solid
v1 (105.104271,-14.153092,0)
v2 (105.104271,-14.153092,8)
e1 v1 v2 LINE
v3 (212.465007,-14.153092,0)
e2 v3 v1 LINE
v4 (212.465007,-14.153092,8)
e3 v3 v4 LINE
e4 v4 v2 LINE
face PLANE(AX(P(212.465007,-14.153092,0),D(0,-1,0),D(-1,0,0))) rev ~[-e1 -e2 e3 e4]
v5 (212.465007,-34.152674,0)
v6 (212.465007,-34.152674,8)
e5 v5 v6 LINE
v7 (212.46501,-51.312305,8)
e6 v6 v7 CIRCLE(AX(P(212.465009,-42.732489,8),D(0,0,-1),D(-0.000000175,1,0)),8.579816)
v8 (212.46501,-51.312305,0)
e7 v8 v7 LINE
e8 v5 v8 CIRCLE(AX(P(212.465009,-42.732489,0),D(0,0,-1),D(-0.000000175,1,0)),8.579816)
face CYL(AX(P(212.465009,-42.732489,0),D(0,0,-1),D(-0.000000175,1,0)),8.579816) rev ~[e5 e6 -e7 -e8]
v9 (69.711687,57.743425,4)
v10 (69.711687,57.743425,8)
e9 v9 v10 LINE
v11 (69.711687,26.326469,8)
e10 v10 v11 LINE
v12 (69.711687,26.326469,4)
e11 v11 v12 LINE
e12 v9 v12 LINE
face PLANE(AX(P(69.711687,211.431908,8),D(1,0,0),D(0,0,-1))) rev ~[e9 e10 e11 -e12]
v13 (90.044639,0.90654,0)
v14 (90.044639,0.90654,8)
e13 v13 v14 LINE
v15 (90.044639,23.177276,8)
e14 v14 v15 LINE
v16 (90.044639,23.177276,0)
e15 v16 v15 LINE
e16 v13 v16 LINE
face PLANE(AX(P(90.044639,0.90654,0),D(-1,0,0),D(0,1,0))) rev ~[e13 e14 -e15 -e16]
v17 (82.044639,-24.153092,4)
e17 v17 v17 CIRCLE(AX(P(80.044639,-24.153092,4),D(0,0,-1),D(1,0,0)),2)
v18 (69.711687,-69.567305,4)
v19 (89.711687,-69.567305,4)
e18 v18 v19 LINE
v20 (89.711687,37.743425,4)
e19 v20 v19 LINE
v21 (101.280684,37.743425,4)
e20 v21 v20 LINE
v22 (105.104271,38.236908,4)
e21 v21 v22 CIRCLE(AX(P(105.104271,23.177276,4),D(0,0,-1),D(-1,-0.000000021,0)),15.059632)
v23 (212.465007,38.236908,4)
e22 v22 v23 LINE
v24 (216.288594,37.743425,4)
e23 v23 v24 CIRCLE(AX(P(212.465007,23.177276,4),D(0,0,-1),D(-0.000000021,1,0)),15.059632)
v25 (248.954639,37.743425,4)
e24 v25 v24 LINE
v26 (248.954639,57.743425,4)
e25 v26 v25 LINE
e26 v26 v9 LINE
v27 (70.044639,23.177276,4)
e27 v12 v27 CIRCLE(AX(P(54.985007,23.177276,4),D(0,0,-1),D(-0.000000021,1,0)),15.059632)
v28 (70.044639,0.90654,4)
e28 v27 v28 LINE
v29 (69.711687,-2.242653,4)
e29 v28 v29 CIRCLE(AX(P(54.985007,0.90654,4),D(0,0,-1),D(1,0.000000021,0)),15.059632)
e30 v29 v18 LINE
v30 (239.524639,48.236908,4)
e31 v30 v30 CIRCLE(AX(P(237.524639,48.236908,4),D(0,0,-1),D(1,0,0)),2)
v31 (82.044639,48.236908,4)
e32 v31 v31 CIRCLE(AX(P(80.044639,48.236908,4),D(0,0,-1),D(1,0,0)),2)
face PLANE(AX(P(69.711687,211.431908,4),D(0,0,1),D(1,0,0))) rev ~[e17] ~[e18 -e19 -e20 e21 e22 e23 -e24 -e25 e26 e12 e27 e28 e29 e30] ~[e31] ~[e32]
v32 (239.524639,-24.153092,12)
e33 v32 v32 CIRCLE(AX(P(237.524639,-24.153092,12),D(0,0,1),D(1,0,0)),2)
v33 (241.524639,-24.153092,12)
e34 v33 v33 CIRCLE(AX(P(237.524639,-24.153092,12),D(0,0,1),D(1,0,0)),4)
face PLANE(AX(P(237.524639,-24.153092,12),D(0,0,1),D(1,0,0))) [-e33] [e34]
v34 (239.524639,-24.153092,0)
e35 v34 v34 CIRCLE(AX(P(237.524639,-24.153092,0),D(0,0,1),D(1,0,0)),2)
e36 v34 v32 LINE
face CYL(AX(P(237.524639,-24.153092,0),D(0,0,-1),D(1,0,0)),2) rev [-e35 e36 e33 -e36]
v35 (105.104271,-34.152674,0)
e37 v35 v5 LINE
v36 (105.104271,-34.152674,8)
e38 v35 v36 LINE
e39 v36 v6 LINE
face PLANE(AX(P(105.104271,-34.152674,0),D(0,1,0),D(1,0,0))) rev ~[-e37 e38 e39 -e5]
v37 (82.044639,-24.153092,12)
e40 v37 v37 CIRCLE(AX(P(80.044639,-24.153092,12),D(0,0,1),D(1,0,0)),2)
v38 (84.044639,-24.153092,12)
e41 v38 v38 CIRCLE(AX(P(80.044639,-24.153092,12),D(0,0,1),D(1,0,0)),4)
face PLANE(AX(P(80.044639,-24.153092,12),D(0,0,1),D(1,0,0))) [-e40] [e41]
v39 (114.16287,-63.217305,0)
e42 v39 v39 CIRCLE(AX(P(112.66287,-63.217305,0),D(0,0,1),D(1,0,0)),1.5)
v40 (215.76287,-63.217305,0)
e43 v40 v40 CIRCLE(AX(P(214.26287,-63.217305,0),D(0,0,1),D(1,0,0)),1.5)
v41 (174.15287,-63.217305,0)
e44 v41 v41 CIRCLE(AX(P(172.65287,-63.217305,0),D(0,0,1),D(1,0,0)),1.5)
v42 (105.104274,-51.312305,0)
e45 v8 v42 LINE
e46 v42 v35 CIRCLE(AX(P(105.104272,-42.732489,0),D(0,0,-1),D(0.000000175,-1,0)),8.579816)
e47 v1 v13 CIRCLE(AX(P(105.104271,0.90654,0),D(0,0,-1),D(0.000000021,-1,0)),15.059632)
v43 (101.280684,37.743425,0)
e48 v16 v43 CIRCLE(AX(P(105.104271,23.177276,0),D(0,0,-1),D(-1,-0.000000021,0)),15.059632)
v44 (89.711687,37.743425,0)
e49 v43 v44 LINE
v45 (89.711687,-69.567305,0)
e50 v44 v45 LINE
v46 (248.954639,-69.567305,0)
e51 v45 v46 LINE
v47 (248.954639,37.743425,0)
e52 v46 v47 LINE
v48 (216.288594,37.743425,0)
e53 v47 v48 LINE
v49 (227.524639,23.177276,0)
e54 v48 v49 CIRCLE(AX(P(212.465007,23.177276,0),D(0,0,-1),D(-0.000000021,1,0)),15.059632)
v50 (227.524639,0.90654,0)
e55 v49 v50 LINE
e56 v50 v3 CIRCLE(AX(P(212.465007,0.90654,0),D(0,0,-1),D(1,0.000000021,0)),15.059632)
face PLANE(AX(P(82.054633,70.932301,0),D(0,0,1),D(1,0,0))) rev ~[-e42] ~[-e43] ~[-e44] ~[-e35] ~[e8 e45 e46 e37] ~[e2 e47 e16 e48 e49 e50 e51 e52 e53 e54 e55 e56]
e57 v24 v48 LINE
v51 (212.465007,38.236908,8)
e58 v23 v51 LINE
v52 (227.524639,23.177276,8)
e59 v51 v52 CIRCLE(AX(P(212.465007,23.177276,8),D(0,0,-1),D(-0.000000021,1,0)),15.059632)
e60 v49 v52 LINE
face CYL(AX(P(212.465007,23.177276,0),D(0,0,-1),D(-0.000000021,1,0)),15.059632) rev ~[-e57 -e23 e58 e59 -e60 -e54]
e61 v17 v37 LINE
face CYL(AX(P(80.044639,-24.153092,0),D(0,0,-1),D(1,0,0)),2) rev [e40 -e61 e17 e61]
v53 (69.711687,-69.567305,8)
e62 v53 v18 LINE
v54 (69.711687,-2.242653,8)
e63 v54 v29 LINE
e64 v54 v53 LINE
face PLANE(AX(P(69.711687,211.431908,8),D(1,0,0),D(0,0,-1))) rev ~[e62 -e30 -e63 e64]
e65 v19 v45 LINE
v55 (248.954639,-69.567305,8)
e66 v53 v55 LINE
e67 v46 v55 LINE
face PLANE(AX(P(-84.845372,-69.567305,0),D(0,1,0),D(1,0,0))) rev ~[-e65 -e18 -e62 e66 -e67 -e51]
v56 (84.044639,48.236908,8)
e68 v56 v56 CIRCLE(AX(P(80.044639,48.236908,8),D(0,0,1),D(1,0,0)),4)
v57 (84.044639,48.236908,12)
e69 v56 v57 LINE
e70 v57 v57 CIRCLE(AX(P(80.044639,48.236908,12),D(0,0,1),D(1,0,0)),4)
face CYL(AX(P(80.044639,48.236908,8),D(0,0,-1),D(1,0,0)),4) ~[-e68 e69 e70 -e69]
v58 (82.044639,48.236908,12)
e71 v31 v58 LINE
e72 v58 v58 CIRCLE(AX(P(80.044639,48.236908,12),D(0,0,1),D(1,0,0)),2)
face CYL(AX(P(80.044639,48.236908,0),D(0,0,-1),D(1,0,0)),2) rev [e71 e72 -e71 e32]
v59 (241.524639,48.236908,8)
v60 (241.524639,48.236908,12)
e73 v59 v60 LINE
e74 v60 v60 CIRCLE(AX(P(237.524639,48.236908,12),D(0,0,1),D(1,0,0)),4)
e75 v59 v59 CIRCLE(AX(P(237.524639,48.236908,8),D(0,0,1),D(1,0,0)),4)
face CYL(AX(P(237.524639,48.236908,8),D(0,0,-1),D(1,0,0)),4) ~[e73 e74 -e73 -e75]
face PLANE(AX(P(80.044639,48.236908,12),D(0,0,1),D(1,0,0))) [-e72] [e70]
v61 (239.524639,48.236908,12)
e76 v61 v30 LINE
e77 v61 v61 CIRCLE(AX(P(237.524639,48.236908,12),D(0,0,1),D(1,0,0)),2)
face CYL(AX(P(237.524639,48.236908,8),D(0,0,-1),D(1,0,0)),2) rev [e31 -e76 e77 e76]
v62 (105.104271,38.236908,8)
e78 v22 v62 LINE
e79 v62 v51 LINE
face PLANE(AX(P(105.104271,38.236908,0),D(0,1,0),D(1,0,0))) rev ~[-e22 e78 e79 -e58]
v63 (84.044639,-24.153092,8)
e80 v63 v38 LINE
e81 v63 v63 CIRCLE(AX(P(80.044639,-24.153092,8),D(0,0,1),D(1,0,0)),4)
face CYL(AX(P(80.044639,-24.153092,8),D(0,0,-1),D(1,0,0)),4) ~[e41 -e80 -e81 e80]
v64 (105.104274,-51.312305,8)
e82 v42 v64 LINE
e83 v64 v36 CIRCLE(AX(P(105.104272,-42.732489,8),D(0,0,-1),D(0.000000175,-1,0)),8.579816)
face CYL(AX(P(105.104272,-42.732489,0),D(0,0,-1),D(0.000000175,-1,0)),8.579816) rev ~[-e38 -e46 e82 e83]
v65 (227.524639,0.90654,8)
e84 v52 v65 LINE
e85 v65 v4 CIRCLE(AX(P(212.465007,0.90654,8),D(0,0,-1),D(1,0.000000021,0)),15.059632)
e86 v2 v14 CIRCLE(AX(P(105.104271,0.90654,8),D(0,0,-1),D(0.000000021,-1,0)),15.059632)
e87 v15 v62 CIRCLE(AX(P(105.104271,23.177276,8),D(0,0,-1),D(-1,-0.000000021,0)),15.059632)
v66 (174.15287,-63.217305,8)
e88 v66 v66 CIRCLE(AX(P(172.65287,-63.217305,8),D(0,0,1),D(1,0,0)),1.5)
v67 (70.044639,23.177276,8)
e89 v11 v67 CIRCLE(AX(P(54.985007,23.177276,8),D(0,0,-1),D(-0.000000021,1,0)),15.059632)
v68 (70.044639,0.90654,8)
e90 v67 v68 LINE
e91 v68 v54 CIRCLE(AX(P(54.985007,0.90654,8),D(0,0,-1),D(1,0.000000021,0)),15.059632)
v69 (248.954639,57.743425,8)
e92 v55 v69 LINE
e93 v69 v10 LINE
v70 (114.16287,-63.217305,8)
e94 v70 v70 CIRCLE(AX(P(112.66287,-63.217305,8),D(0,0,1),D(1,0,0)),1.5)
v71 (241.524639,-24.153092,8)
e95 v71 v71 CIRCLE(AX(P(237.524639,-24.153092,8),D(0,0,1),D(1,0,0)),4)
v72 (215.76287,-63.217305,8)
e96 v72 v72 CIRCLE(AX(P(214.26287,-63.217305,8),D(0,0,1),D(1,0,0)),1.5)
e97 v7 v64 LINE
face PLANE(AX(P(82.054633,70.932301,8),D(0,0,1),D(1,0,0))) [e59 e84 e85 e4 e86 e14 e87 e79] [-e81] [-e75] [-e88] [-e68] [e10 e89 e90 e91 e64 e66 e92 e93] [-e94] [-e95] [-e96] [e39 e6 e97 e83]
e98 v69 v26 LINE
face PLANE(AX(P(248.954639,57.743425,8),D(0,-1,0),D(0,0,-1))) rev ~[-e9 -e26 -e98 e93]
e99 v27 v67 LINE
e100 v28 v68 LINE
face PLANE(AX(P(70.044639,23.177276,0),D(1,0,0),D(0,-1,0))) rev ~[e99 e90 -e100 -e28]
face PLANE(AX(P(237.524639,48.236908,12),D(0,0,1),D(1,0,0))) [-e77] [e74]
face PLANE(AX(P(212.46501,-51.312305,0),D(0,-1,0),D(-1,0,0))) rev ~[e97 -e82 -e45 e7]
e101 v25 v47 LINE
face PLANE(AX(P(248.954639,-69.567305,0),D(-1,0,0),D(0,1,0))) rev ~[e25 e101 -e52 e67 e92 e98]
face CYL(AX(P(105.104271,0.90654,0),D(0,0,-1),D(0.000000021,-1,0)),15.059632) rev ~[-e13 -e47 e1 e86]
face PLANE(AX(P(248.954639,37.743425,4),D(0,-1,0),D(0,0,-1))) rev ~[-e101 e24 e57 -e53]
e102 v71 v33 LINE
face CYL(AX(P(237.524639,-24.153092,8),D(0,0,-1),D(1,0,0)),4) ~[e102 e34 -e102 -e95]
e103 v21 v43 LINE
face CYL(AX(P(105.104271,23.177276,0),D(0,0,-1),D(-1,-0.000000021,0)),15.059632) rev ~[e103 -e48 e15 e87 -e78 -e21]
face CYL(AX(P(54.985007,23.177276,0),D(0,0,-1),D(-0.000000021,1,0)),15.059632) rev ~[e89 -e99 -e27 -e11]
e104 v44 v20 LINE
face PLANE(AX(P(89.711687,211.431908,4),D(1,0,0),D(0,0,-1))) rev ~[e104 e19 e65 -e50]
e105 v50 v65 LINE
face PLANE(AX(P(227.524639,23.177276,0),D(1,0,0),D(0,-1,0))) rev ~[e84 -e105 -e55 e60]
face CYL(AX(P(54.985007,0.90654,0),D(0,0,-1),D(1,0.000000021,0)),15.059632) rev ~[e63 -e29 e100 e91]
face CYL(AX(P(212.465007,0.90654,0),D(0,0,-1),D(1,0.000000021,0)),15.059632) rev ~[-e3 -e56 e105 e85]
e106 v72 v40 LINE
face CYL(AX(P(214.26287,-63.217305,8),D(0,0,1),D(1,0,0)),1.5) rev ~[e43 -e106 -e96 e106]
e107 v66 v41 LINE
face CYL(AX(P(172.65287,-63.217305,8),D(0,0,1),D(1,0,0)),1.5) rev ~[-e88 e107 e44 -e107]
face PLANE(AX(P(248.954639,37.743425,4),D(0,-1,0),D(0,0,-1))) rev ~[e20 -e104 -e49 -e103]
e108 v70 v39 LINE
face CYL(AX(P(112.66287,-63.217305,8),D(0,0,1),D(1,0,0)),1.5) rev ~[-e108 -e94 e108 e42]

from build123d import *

# Parameters (mm, degrees)
F0_R      = 2
F1_DEPTH  = 8
F3_DEPTH  = 185
F5_DEPTH  = 5
F6_R      = 2.5
F7_DEPTH  = 5
F8_R      = 2.012254
F9_DEPTH  = 3
F10_R     = 4
F10_R_2   = 2
F11_DEPTH = 4
F13_DEPTH = 340
F15_DEPTH = 320
F16_R     = 1.5
F17_DEPTH = 25


with BuildPart() as f1:
    # F0 (on Top) → F1 (new body)
    with BuildSketch(Plane.XY):
        Polygon((248.954639, 211.431908), (-84.845372, 211.431908), (-84.845372, -69.567305), (248.954639, -69.567305), (248.954639, -32.408092), align=None)
        with Locations((-44.415361, -24.153092)):
            Circle(F0_R, mode=Mode.SUBTRACT)
        with BuildLine():
            Line((-54.415363, 33.177276), (-54.415363, -42.732489))
            ThreePointArc((-54.415363, -42.732489), (-60.347495, -48.664621), (-66.279627, -42.732489))
            Line((-66.279627, -42.732489), (-66.279627, 33.177276))
            ThreePointArc((-66.279627, 33.177276), (-60.347495, 39.109408), (-54.415363, 33.177276))
        make_face(mode=Mode.SUBTRACT)
        with BuildLine():
            Line((-19.355729, -34.152674), (54.985007, -34.152674))
            ThreePointArc((54.985007, -34.152674), (63.564824, -42.732488), (54.98501, -51.312305))
            Line((54.98501, -51.312305), (-19.355726, -51.312305))
            ThreePointArc((-19.355726, -51.312305), (-27.935546, -42.732491), (-19.355729, -34.152674))
        make_face(mode=Mode.SUBTRACT)
        with Locations((80.044639, -24.153092)):
            Circle(F0_R, mode=Mode.SUBTRACT)
        with Locations((-44.415361, 48.236908)):
            Circle(F0_R, mode=Mode.SUBTRACT)
        with BuildLine():
            ThreePointArc((-34.415361, 23.177276), (-30.004497, 33.826044), (-19.355729, 38.236908))
            Line((-19.355729, 38.236908), (54.985007, 38.236908))
            ThreePointArc((54.985007, 38.236908), (65.633775, 33.826044), (70.044639, 23.177276))
            Line((70.044639, 23.177276), (70.044639, 0.90654))
            ThreePointArc((70.044639, 0.90654), (65.633775, -9.742228), (54.985007, -14.153092))
            Line((54.985007, -14.153092), (-19.355729, -14.153092))
            ThreePointArc((-19.355729, -14.153092), (-30.004497, -9.742228), (-34.415361, 0.90654))
            Line((-34.415361, 0.90654), (-34.415361, 23.177276))
        make_face(mode=Mode.SUBTRACT)
        with Locations((80.044639, 48.236908)):
            Circle(F0_R, mode=Mode.SUBTRACT)
        with BuildLine():
            ThreePointArc((212.465007, -34.152674), (221.044824, -42.732488), (212.46501, -51.312305))
            Line((212.46501, -51.312305), (105.104274, -51.312305))
            ThreePointArc((105.104274, -51.312305), (96.524457, -42.732491), (105.104271, -34.152674))
            Line((105.104271, -34.152674), (212.465007, -34.152674))
        make_face(mode=Mode.SUBTRACT)
        with Locations((237.524639, -24.153092)):
            Circle(F0_R, mode=Mode.SUBTRACT)
        with BuildLine():
            Line((90.044639, 0.90654), (90.044639, 23.177276))
            ThreePointArc((90.044639, 23.177276), (94.455503, 33.826044), (105.104271, 38.236908))
            Line((105.104271, 38.236908), (212.465007, 38.236908))
            ThreePointArc((212.465007, 38.236908), (223.113775, 33.826044), (227.524639, 23.177276))
            Line((227.524639, 23.177276), (227.524639, 0.90654))
            ThreePointArc((227.524639, 0.90654), (223.113775, -9.742228), (212.465007, -14.153092))
            Line((212.465007, -14.153092), (105.104271, -14.153092))
            ThreePointArc((105.104271, -14.153092), (94.455503, -9.742228), (90.044639, 0.90654))
        make_face(mode=Mode.SUBTRACT)
        with Locations((237.524639, 48.236908)):
            Circle(F0_R, mode=Mode.SUBTRACT)
        with BuildLine():
            Line((-54.415363, 180.316908), (-54.415363, 63.29654))
            ThreePointArc((-54.415363, 63.29654), (-60.347495, 57.364408), (-66.279627, 63.29654))
            Line((-66.279627, 63.29654), (-66.279627, 180.316908))
            ThreePointArc((-66.279627, 180.316908), (-60.347495, 186.24904), (-54.415363, 180.316908))
        make_face(mode=Mode.SUBTRACT)
        with BuildLine():
            Line((-34.415361, 73.29654), (-34.415361, 178.117276))
            ThreePointArc((-34.415361, 178.117276), (-30.004497, 188.766044), (-19.355729, 193.176908))
            Line((-19.355729, 193.176908), (54.985007, 193.176908))
            ThreePointArc((54.985007, 193.176908), (65.633775, 188.766044), (70.044639, 178.117276))
            Line((70.044639, 178.117276), (70.044639, 73.29654))
            ThreePointArc((70.044639, 73.29654), (65.633775, 62.647772), (54.985007, 58.236908))
            Line((54.985007, 58.236908), (-19.355729, 58.236908))
            ThreePointArc((-19.355729, 58.236908), (-30.004497, 62.647772), (-34.415361, 73.29654))
        make_face(mode=Mode.SUBTRACT)
        with Locations((-44.415361, 203.176908)):
            Circle(F0_R, mode=Mode.SUBTRACT)
        with Locations((80.044639, 203.176908)):
            Circle(F0_R, mode=Mode.SUBTRACT)
        with BuildLine():
            ThreePointArc((227.524639, 73.29654), (223.113775, 62.647772), (212.465007, 58.236908))
            Line((212.465007, 58.236908), (105.104271, 58.236908))
            ThreePointArc((105.104271, 58.236908), (94.455503, 62.647772), (90.044639, 73.29654))
            Line((90.044639, 73.29654), (90.044639, 178.117276))
            ThreePointArc((90.044639, 178.117276), (94.455503, 188.766044), (105.104271, 193.176908))
            Line((105.104271, 193.176908), (212.465007, 193.176908))
            Line((212.465007, 193.176908), (212.465007, 170.316908))
            ThreePointArc((212.465007, 170.316908), (223.113775, 165.906044), (227.524639, 155.257276))
            Line((227.524639, 155.257276), (227.524639, 73.29654))
        make_face(mode=Mode.SUBTRACT)
        with Locations((237.524639, 180.316908)):
            Circle(F0_R, mode=Mode.SUBTRACT)
    extrude(amount=F1_DEPTH)

    # F2 (on face) → F3 (join)
    with BuildSketch(Plane.XY.offset(8)):
        Polygon((15.154628, 211.431908), (-84.845372, 211.431908), (-84.845372, 71.431908), (-81.845372, 71.431908), (-81.845372, 208.431908), (15.154628, 208.431908), align=None)
    extrude(amount=F3_DEPTH)

    # F4 (on face) → F5 (cut)
    with BuildSketch(Plane(origin=(-84.845372, 0, 0), x_dir=(0, -1, 0), z_dir=(-1, 0, 0))):
        Polygon((-169.016169, 40), (-201.431908, 143.553324), (-201.431908, 40), align=None)
        Polygon((-71.431908, 193), (-206.431908, 193), (-158.537665, 40), (-71.431908, 40), align=None)
    extrude(amount=-F5_DEPTH, mode=Mode.SUBTRACT)

    # F6 (on face) → F7 (cut)
    with BuildSketch(Plane(origin=(0, 211.431908, 0), x_dir=(-1, 0, 0), z_dir=(0, 1, 0))):
        Polygon((12.845372, 83.034229), (12.845372, 55.132884), (75.345372, 55.132884), (75.345372, 148.132884), (67.845372, 148.132884), (67.845372, 178.132884), (2.845372, 178.132884), (1.345372, 83.215967), align=None)
        with Locations((11.345372, 185.632884)):
            Circle(F6_R)
        with Locations((1.345372, 185.632884)):
            Circle(F6_R)
        with Locations((75.345372, 161.632884)):
            Circle(F6_R)
        with Locations((75.345372, 185.632884)):
            Circle(F6_R)
        with Locations((75.345372, 47.632884)):
            Circle(F6_R)
        with Locations((65.345372, 47.632884)):
            Circle(F6_R)
        with Locations((1.345372, 47.632884)):
            Circle(F6_R)
        with Locations((1.345372, 71.632884)):
            Circle(F6_R)
    extrude(amount=-F7_DEPTH, mode=Mode.SUBTRACT)

    # F8 (on face) → F9 (join)
    with BuildSketch(Plane.XY.offset(40)):
        Polygon((14.154628, 208.488166), (-81.845372, 208.488166), (-81.845372, 201.431908), (-81.845372, 169.016169), (-81.845372, 71.523808), align=None)
        Polygon((-71.845372, 103.213636), (-71.845372, 198.488166), (-5.066284, 198.488166), align=None, mode=Mode.SUBTRACT)
        with Locations((-44.408604, 203.142822)):
            Circle(F8_R, mode=Mode.SUBTRACT)
    extrude(amount=-F9_DEPTH)

    # F10 (on face) → F11 (join)
    with BuildSketch(Plane.XY.offset(8)):
        with Locations((237.524639, 48.236908)):
            Circle(F10_R)
        with Locations((237.524639, 48.236908)):
            Circle(F10_R_2, mode=Mode.SUBTRACT)
        with Locations((237.524639, -24.153092)):
            Circle(F10_R)
        with Locations((237.524639, -24.153092)):
            Circle(F10_R_2, mode=Mode.SUBTRACT)
        with Locations((80.044639, 48.236908)):
            Circle(F10_R)
        with Locations((80.044639, 48.236908)):
            Circle(F10_R_2, mode=Mode.SUBTRACT)
        with Locations((80.044639, -24.153092)):
            Circle(F10_R)
        with Locations((80.044639, -24.153092)):
            Circle(F10_R_2, mode=Mode.SUBTRACT)
    extrude(amount=F11_DEPTH)

    # F12 (on face) → F13 (cut)
    with BuildSketch(Plane.YZ.offset(248.954639)):
        Polygon((57.743425, 4), (37.743425, 4), (37.743425, 0), (211.431908, 0), (211.431908, 8), (57.743425, 8), align=None)
    extrude(amount=-F13_DEPTH, mode=Mode.SUBTRACT)

    # F14 (on face) → F15 (cut)
    with BuildSketch(Plane(origin=(0, 211.431908, 0), x_dir=(-1, 0, 0), z_dir=(0, 1, 0))):
        Polygon((-69.711687, 8), (-69.711687, 4), (-89.711687, 4), (-89.711687, 0), (-20.75227, 0), (93.97424, 0), (93.97424, 17.639369), (93.97424, 194.899216), (-20.75227, 194.899216), (-20.75227, 10.883192), align=None)
    extrude(amount=-F15_DEPTH, mode=Mode.SUBTRACT)

    # F16 (on face) → F17 (cut)
    with BuildSketch(Plane.XY.offset(8)):
        with Locations((214.26287, -63.217305)):
            Circle(F16_R)
        with Locations((112.66287, -63.217305)):
            Circle(F16_R)
        with Locations((172.65287, -63.217305)):
            Circle(F16_R)
    extrude(amount=-F17_DEPTH, mode=Mode.SUBTRACT)


solid = f1.part
